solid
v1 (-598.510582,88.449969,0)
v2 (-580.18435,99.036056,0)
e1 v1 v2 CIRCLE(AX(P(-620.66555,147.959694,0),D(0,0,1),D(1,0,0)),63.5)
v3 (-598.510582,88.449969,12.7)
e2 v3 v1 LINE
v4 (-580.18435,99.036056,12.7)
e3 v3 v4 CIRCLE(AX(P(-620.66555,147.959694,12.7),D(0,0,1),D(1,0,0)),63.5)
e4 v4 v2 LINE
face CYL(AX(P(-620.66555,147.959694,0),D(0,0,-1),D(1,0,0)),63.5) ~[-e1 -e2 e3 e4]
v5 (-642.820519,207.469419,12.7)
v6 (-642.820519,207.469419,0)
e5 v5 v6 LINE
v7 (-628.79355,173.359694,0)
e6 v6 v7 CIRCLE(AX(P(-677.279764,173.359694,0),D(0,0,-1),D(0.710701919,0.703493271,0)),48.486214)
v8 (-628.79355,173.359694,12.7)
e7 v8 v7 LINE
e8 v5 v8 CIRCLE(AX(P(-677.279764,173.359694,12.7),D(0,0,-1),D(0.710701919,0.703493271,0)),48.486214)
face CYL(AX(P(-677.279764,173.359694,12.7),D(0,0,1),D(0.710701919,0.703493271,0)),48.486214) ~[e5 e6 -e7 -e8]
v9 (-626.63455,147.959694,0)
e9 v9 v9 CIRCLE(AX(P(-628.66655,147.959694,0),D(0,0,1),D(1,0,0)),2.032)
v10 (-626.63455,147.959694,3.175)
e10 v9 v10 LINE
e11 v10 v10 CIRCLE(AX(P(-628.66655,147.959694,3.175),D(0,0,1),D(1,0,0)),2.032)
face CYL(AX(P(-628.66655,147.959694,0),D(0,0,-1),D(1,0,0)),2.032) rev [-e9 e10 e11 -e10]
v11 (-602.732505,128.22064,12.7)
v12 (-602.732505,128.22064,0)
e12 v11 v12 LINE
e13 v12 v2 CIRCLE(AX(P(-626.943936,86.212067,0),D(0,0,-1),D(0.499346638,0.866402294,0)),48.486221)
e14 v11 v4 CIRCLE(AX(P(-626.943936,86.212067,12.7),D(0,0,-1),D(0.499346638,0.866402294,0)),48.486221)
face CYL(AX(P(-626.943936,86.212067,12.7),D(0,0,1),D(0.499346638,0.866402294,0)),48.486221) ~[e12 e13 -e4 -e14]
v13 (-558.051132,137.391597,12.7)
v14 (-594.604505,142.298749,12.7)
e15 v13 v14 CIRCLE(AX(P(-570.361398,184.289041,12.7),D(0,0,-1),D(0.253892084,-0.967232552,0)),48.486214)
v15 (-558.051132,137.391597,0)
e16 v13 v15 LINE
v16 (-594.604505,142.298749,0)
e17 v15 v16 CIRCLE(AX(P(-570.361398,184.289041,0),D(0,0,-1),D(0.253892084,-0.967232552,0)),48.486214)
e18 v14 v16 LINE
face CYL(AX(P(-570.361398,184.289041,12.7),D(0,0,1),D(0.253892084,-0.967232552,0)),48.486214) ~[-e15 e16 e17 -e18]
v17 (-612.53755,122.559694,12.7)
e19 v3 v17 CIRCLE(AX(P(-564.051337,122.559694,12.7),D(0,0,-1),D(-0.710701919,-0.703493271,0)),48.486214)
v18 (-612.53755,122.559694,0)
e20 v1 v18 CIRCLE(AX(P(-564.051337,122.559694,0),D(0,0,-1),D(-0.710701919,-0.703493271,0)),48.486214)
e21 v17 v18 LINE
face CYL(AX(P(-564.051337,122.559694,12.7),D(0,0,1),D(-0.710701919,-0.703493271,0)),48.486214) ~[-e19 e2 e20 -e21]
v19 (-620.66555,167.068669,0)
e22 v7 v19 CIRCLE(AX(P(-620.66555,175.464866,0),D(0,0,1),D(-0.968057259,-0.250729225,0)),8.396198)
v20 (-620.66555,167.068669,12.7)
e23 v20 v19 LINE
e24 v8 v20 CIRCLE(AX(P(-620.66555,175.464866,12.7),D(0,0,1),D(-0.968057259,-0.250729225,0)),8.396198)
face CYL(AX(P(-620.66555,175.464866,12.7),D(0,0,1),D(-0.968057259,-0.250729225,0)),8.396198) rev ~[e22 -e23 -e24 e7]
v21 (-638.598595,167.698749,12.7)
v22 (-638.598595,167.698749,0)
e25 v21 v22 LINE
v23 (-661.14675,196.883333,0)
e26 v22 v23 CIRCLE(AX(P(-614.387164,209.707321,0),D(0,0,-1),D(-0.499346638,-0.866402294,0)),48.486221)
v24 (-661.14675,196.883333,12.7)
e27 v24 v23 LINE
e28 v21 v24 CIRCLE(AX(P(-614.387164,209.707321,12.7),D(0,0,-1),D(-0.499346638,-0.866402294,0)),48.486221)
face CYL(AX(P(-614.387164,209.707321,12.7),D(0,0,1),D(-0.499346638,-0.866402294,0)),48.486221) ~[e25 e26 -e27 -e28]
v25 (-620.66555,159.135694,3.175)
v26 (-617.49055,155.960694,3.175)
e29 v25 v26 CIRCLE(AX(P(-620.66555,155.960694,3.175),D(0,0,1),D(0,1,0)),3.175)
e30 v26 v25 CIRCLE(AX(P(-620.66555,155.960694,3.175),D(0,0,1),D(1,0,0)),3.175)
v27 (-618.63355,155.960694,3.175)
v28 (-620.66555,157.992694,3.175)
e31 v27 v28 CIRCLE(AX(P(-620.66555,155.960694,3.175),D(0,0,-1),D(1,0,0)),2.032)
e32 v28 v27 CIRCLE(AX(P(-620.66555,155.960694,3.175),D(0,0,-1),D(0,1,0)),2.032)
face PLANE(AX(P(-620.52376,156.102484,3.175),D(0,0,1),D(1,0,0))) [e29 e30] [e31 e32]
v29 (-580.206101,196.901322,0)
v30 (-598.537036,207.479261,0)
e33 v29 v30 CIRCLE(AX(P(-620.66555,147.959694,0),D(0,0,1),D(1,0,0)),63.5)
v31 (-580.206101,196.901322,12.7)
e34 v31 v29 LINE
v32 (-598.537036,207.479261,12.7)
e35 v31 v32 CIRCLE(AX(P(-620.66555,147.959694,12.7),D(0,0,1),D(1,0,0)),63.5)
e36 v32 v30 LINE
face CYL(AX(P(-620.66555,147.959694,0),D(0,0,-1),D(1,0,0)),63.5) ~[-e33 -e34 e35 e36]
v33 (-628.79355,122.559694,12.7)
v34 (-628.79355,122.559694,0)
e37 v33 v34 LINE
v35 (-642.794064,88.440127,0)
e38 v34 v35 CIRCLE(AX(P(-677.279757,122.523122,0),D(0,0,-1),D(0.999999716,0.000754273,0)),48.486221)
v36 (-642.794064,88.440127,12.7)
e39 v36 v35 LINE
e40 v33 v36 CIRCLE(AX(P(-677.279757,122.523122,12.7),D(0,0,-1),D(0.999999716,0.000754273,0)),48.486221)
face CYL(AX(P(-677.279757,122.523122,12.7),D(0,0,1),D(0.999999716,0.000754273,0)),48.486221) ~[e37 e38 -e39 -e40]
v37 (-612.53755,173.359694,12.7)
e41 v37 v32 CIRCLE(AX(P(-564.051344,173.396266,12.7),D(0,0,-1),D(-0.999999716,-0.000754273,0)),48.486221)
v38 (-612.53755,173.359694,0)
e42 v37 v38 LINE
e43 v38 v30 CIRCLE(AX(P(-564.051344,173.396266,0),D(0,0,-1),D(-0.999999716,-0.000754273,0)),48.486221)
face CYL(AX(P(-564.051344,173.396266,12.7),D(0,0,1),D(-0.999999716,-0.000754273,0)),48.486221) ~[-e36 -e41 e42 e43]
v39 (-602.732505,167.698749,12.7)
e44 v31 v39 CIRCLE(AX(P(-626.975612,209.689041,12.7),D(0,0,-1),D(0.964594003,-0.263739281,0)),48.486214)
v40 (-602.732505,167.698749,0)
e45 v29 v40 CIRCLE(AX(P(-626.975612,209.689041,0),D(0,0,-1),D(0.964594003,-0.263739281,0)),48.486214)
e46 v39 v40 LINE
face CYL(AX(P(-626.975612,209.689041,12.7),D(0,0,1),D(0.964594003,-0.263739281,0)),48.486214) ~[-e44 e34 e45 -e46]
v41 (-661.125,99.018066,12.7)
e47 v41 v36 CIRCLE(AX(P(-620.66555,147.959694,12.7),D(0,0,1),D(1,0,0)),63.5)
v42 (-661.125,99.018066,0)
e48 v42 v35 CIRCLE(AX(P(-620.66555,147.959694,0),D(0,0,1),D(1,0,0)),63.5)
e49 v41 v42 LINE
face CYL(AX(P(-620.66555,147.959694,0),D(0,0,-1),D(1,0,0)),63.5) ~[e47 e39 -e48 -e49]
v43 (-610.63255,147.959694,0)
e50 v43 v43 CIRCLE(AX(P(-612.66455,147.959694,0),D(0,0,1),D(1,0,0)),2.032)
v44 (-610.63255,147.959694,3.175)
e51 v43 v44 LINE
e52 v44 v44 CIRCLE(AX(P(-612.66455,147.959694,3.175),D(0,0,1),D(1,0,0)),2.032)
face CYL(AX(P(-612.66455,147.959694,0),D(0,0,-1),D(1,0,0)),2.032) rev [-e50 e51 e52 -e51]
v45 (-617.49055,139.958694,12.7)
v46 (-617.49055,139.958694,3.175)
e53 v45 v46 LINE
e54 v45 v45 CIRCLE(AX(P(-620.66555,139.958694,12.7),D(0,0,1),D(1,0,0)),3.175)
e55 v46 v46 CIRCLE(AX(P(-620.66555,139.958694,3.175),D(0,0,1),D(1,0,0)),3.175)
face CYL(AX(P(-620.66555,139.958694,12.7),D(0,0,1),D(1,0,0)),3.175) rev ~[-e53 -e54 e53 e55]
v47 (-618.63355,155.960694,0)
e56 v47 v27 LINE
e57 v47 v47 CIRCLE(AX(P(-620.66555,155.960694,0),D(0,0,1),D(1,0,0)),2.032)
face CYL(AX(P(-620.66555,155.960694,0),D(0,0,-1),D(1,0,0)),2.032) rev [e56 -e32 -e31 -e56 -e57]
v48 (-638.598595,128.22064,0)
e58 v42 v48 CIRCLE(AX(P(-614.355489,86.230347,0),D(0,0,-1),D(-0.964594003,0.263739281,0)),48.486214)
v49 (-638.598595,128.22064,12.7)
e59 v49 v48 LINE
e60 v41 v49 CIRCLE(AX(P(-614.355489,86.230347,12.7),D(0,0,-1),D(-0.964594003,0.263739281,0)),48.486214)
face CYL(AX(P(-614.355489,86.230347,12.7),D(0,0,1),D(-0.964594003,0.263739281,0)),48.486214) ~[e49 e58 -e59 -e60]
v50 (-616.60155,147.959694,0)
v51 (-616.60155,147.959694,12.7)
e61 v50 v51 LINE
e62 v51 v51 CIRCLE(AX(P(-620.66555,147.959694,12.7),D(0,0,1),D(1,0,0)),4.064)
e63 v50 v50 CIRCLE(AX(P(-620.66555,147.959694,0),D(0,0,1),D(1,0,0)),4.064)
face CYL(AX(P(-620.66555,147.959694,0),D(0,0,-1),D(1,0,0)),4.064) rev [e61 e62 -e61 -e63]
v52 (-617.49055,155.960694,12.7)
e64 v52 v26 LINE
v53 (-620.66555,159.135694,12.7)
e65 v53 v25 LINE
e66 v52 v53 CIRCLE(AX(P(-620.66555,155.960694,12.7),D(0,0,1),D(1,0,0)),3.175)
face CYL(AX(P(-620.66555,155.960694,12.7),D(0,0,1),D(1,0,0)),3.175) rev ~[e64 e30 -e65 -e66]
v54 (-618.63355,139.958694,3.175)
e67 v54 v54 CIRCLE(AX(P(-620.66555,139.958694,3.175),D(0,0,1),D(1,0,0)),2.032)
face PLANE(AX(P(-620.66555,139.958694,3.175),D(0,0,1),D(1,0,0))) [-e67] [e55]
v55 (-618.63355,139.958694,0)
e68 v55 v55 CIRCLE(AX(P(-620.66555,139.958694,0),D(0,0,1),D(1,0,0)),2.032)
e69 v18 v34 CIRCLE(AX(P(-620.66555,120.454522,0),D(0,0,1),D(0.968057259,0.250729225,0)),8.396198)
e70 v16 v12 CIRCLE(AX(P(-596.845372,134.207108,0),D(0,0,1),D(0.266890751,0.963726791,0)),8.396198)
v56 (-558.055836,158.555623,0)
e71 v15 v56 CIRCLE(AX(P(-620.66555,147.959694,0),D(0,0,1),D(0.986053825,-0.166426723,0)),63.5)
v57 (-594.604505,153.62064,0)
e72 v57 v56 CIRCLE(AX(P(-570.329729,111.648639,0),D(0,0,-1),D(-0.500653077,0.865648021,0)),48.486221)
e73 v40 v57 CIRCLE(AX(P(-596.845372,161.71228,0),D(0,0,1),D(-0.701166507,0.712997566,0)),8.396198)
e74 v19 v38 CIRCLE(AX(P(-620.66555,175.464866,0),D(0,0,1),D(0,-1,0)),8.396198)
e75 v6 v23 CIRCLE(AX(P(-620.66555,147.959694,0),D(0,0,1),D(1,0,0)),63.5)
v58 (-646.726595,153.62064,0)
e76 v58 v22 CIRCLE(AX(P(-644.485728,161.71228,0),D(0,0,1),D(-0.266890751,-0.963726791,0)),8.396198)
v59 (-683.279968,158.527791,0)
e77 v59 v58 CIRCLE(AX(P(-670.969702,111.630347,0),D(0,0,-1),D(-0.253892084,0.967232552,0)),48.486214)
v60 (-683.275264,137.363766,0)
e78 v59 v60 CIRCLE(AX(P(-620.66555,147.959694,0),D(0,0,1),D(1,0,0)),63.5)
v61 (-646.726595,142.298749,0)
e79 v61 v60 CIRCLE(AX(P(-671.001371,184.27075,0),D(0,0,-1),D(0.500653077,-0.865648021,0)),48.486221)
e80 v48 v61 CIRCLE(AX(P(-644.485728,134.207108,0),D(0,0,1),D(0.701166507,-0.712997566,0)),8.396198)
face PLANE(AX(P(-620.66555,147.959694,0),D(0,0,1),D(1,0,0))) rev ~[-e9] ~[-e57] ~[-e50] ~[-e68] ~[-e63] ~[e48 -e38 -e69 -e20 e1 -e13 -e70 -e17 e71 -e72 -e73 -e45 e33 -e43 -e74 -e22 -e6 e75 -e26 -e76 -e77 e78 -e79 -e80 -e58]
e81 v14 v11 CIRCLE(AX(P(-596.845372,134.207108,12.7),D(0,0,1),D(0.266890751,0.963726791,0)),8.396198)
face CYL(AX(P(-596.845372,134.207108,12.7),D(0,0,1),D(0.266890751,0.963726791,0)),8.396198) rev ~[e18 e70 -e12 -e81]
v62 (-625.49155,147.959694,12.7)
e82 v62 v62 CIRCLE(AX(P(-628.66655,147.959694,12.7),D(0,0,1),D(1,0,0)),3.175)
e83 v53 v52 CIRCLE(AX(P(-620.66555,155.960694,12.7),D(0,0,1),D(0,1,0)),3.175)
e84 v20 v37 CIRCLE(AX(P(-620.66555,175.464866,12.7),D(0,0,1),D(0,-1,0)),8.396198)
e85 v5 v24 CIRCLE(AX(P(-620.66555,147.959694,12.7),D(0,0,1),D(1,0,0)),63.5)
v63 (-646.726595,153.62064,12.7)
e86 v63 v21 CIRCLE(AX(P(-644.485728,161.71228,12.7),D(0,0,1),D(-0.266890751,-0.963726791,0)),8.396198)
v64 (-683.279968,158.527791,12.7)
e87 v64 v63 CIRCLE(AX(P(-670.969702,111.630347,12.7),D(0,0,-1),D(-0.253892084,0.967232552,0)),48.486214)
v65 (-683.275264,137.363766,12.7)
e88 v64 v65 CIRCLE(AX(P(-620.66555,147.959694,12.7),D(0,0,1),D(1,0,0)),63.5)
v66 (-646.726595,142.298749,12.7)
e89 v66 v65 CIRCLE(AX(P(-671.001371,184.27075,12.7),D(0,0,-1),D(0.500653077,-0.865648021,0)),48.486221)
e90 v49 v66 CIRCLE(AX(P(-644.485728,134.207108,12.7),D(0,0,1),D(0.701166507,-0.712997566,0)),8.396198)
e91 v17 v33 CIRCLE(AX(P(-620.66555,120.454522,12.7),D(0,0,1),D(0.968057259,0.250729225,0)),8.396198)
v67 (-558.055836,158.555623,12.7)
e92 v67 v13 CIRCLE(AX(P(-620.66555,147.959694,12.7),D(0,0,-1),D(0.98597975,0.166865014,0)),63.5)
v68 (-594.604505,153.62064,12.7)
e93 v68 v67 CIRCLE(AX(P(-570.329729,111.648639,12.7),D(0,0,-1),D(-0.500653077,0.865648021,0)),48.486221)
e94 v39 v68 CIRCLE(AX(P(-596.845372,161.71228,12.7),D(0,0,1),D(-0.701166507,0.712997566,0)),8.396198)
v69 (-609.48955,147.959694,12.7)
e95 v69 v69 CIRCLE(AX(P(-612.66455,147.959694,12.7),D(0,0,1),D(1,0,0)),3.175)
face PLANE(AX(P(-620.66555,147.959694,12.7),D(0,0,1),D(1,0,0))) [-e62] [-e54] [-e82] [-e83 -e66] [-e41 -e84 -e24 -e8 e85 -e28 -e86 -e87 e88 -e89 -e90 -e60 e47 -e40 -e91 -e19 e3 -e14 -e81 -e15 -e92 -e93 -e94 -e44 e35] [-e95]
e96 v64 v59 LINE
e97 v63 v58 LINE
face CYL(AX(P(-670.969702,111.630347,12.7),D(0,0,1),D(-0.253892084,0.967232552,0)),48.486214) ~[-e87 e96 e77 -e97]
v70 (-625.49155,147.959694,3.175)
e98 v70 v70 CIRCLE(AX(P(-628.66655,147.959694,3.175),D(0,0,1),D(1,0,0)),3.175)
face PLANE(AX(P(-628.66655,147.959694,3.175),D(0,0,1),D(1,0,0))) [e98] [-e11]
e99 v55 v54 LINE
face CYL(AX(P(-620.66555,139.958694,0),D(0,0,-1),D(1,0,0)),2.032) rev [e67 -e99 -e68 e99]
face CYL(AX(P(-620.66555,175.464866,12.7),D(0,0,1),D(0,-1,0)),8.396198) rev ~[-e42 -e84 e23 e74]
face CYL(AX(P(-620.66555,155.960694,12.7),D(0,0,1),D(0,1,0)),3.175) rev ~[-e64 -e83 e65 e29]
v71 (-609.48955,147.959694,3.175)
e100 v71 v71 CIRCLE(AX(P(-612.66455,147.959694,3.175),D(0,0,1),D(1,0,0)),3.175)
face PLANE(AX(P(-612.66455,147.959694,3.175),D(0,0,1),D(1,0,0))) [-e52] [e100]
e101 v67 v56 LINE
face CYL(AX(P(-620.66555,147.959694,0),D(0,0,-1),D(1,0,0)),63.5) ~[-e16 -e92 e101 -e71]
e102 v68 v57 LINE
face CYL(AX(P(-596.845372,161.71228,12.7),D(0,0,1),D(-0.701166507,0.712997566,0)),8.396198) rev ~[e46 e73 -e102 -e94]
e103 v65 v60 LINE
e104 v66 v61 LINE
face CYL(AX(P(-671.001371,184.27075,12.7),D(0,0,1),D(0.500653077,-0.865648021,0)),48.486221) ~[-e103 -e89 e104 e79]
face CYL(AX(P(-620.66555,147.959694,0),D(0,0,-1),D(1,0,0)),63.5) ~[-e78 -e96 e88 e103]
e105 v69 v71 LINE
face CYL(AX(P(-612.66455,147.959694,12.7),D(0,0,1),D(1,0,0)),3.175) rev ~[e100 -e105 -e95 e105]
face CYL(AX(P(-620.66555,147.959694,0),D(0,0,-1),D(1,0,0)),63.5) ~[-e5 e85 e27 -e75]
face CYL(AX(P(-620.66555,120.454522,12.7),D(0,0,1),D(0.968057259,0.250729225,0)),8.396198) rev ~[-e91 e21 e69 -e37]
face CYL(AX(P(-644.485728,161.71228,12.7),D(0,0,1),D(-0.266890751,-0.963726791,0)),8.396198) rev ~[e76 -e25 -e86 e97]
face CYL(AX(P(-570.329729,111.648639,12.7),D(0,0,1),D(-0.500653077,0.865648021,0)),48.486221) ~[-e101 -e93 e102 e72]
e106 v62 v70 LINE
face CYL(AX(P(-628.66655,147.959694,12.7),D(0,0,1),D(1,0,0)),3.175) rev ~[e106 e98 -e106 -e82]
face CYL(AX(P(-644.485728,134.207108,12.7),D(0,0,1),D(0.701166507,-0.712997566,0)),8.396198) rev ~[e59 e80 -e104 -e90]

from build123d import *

# Parameters (mm, degrees)
F0_R     = 63.5
F0_R_2   = 25.4
F0_R_3   = 2.032
F0_R_4   = 4.064
F1_DEPTH = 12.7
F2_R     = 3.175
F2_R_2   = 2.032
F3_DEPTH = 9.525
F4_DEPTH = 12.7


with BuildPart() as f1:
    # F0 (on Top) → F1 (new body)
    with BuildSketch(Plane.XY):
        with Locations((-620.6655502319, 147.9596942663)):
            Circle(F0_R)
        with Locations((-620.6655502319, 147.9596942663)):
            Circle(F0_R_2, mode=Mode.SUBTRACT)
        with Locations((-620.6655502319, 147.9596942663)):
            Circle(F0_R_2)
        with Locations((-620.6655502319, 139.9586942663)):
            Circle(F0_R_3, mode=Mode.SUBTRACT)
        with Locations((-628.6665502319, 147.9596942663)):
            Circle(F0_R_3, mode=Mode.SUBTRACT)
        with Locations((-620.6655502319, 147.9596942663)):
            Circle(F0_R_4, mode=Mode.SUBTRACT)
        with Locations((-612.6645502319, 147.9596942663)):
            Circle(F0_R_3, mode=Mode.SUBTRACT)
        with Locations((-620.6655502319, 155.9606942663)):
            Circle(F0_R_3, mode=Mode.SUBTRACT)
    extrude(amount=F1_DEPTH)

    # F2 (on face) → F3 (cut)
    with BuildSketch(Plane.XY.offset(12.7)):
        with Locations((-628.6665502319, 147.9596942663)):
            Circle(F2_R)
        with Locations((-628.6665502319, 147.9596942663)):
            Circle(F2_R_2, mode=Mode.SUBTRACT)
        with BuildLine():
            ThreePointArc((-620.6655502319, 159.1356942663), (-622.9106142622, 153.7156302361), (-617.4905502319, 155.9606942663))
            ThreePointArc((-617.4905502319, 155.9606942663), (-618.4204862017, 158.2057582966), (-620.6655502319, 159.1356942663))
        make_face()
        with BuildLine():
            ThreePointArc((-618.6335502319, 155.9606942663), (-622.1023912113, 154.5238532869), (-620.6655502319, 157.9926942663))
            ThreePointArc((-620.6655502319, 157.9926942663), (-619.2287092526, 157.3975352457), (-618.6335502319, 155.9606942663))
        make_face(mode=Mode.SUBTRACT)
        with Locations((-612.6645502319, 147.9596942663)):
            Circle(F2_R)
        with Locations((-612.6645502319, 147.9596942663)):
            Circle(F2_R_2, mode=Mode.SUBTRACT)
        with Locations((-620.6655502319, 139.9586942663)):
            Circle(F2_R)
        with Locations((-620.6655502319, 139.9586942663)):
            Circle(F2_R_2, mode=Mode.SUBTRACT)
    extrude(amount=-F3_DEPTH, mode=Mode.SUBTRACT)

    # F2 (on face) → F4 (cut)
    with BuildSketch(Plane.XY.offset(12.7)):
        with BuildLine():
            ThreePointArc((-628.7935502319, 173.3596942663), (-625.8046499913, 168.8251534834), (-620.6655502319, 167.0686688056))
            ThreePointArc((-620.6655502319, 167.0686688056), (-615.5264504725, 168.8251534834), (-612.5375502319, 173.3596942663))
            ThreePointArc((-612.5375502319, 173.3596942663), (-608.9080068362, 191.8026056382), (-598.5370363488, 207.4792614129))
            ThreePointArc((-598.5370363488, 207.4792614129), (-620.6796633161, 211.459692698), (-642.8205187681, 207.4694192628))
            ThreePointArc((-642.8205187681, 207.4694192628), (-632.4371990863, 191.8003367826), (-628.7935502319, 173.3596942663))
        make_face()
        with BuildLine():
            ThreePointArc((-638.5985954881, 167.6987487483), (-652.755853558, 180.063481219), (-661.1467504616, 196.8833330105))
            ThreePointArc((-661.1467504616, 196.8833330105), (-675.6652185561, 179.6974711927), (-683.2799681192, 158.5277911922))
            ThreePointArc((-683.2799681192, 158.5277911922), (-664.5184847964, 159.6854685722), (-646.7265954881, 153.6206397844))
            ThreePointArc((-646.7265954881, 153.6206397844), (-637.2144076232, 157.5141815359), (-638.5985954881, 167.6987487483))
        make_face()
        with BuildLine():
            ThreePointArc((-646.7265954881, 142.2987487483), (-664.5133969537, 136.2205698472), (-683.2752643448, 137.3637658638))
            ThreePointArc((-683.2752643448, 137.3637658638), (-675.6511054719, 116.197472761), (-661.1249995831, 99.0180661957))
            ThreePointArc((-661.1249995831, 99.0180661957), (-652.7468359421, 115.8448260559), (-638.5985954881, 128.2206397844))
            ThreePointArc((-638.5985954881, 128.2206397844), (-637.2144076232, 138.4052069967), (-646.7265954881, 142.2987487483))
        make_face()
        with BuildLine():
            ThreePointArc((-628.7935502319, 122.5596942663), (-632.4230936276, 104.1167828944), (-642.7940641151, 88.4401271197))
            ThreePointArc((-642.7940641151, 88.4401271197), (-620.6514371477, 84.4596958347), (-598.5105816958, 88.4499692698))
            ThreePointArc((-598.5105816958, 88.4499692698), (-608.8939013776, 104.11905175), (-612.5375502319, 122.5596942663))
            ThreePointArc((-612.5375502319, 122.5596942663), (-620.6655502319, 128.8507197271), (-628.7935502319, 122.5596942663))
        make_face()
        with BuildLine():
            ThreePointArc((-580.1843500023, 99.0360555222), (-565.6658819077, 116.2219173399), (-558.0511323446, 137.3915973404))
            ThreePointArc((-558.0511323446, 137.3915973404), (-576.8126156674, 136.2339199605), (-594.6045049758, 142.2987487483))
            ThreePointArc((-594.6045049758, 142.2987487483), (-604.1166928407, 138.4052069967), (-602.7325049758, 128.2206397844))
            ThreePointArc((-602.7325049758, 128.2206397844), (-588.5752469059, 115.8559073136), (-580.1843500023, 99.0360555222))
        make_face()
        with BuildLine():
            ThreePointArc((-558.0558361191, 158.5556226688), (-565.6799949919, 179.7219157716), (-580.2061008808, 196.9013223369))
            ThreePointArc((-580.2061008808, 196.9013223369), (-588.5842645218, 180.0745624768), (-602.7325049758, 167.6987487483))
            ThreePointArc((-602.7325049758, 167.6987487483), (-604.1166928407, 157.5141815359), (-594.6045049758, 153.6206397844))
            ThreePointArc((-594.6045049758, 153.6206397844), (-576.8177035102, 159.6988186855), (-558.0558361191, 158.5556226688))
        make_face()
    extrude(amount=-F4_DEPTH, mode=Mode.SUBTRACT)


solid = f1.part
